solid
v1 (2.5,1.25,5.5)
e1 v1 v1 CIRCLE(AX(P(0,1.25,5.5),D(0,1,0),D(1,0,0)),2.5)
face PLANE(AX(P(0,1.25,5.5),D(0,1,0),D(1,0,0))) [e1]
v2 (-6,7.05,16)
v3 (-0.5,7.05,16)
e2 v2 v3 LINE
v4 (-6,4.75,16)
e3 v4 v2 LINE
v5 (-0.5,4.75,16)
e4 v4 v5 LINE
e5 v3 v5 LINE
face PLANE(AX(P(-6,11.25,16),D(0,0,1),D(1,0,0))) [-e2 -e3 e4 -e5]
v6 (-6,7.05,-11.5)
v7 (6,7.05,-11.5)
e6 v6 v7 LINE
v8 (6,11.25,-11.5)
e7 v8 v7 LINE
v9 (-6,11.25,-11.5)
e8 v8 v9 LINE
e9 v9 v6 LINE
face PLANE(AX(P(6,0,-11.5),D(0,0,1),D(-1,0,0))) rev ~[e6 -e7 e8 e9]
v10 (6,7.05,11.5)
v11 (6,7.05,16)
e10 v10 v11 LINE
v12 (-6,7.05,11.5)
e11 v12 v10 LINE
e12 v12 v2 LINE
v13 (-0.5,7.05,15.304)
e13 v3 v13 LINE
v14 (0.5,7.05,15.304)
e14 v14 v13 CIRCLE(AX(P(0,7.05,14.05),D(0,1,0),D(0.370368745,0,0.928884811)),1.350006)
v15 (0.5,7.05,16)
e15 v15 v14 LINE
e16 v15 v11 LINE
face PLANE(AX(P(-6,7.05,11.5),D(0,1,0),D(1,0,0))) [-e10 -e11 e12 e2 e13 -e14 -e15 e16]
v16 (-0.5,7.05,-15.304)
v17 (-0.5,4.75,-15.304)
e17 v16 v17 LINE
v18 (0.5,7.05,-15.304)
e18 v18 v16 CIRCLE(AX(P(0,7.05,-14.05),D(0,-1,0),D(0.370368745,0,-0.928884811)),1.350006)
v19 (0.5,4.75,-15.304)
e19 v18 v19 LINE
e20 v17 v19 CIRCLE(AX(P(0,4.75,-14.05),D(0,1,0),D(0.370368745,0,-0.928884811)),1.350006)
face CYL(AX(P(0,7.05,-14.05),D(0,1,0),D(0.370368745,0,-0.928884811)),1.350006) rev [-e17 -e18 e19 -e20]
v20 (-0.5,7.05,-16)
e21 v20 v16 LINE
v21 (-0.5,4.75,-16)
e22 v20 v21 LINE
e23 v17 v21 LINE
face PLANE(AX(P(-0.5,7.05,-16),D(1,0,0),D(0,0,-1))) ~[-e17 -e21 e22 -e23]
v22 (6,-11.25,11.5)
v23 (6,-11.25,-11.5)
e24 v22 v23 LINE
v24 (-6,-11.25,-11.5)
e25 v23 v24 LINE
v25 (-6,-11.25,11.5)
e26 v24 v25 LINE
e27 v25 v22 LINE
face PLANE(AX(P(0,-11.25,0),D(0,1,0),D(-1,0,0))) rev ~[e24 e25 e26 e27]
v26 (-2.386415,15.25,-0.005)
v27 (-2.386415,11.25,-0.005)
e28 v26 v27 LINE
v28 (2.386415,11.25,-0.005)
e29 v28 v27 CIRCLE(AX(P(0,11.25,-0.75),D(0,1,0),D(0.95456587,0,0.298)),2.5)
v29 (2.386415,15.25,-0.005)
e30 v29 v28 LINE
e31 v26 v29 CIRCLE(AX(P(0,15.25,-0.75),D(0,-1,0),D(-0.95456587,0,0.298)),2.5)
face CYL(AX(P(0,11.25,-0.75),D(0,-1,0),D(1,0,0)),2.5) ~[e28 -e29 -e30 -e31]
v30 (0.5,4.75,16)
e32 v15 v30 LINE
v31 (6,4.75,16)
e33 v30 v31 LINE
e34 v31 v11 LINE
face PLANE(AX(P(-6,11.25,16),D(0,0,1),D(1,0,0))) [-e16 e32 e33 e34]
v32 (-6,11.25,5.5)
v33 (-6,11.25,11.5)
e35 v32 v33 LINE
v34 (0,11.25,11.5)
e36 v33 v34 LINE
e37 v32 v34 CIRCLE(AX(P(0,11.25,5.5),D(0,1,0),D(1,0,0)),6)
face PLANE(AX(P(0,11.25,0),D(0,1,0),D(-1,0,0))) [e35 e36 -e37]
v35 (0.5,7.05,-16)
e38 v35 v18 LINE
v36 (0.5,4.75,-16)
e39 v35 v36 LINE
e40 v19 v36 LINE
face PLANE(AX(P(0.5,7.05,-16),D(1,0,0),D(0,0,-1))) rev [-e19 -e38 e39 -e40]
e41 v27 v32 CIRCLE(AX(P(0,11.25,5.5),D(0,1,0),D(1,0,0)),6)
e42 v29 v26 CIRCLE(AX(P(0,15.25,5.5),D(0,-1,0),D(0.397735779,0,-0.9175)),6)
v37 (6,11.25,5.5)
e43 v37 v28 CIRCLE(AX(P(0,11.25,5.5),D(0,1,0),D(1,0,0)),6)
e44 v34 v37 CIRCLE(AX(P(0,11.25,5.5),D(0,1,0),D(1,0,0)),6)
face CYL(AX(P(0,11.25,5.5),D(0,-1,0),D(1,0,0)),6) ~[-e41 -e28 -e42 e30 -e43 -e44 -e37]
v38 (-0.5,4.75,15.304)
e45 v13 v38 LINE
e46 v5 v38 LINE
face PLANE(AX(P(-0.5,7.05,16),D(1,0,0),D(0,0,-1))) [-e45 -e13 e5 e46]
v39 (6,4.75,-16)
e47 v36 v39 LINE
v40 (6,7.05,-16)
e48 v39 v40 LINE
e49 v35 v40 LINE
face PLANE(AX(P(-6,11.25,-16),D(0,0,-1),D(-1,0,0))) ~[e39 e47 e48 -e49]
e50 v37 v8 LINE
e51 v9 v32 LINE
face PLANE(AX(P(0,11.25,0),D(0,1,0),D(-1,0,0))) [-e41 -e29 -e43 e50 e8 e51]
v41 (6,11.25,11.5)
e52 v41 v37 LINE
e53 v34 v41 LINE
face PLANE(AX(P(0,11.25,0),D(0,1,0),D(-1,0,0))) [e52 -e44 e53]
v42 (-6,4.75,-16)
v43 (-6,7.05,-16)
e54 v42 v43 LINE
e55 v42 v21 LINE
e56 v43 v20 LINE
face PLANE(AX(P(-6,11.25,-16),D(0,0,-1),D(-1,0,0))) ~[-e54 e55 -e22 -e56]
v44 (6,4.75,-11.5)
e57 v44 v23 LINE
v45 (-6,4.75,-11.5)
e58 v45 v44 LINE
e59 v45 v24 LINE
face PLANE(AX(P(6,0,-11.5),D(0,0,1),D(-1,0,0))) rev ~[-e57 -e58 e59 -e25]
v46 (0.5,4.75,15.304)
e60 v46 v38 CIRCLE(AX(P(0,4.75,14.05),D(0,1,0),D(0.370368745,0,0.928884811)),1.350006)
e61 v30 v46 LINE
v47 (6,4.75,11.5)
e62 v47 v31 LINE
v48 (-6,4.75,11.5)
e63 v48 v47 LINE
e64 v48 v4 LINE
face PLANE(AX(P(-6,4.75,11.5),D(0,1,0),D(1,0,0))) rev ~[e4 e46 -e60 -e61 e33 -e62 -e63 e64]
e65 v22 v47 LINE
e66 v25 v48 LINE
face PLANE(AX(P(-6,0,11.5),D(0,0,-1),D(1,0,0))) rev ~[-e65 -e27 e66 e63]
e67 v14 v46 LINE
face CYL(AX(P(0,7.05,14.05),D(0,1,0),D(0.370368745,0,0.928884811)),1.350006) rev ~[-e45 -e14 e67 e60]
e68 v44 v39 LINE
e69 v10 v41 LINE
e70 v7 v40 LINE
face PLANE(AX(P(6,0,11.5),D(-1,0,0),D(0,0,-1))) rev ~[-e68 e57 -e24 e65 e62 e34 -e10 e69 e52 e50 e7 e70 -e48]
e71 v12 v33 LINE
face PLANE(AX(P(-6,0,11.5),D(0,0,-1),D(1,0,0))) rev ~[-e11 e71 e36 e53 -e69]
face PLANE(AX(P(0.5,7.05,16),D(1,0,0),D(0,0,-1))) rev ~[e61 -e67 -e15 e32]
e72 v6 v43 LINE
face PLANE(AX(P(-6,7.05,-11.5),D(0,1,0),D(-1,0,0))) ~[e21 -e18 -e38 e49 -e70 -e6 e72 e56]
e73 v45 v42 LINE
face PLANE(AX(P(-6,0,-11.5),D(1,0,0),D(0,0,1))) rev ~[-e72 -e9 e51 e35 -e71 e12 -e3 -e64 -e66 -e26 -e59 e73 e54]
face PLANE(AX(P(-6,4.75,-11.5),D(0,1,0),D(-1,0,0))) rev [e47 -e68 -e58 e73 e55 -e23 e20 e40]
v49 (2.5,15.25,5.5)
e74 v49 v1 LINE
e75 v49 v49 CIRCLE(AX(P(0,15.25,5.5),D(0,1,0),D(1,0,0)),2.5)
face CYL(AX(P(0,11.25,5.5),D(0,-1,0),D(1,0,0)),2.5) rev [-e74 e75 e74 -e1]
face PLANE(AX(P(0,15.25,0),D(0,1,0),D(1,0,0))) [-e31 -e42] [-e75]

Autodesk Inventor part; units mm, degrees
ref_plane "YZ Plane" through (0, 0, 0) normal (1, 0, 0) x (0, 1, 0)
ref_plane "XZ Plane" through (0, 0, 0) normal (0, 1, 0) x (-1, 0, 0)
ref_plane "XY Plane" through (0, 0, 0) normal (0, 0, 1) x (1, 0, 0)
sketch "Sketch1" plane through (0, 0, 0) normal (0, 1, 0) x (-1, 0, 0)
  line L0 (6, 11.5) -> (-6, 11.5)
  line L1 (-6, 11.5) -> (-6, -11.5)
  line L2 (-6, -11.5) -> (6, -11.5)
  line L3 (6, -11.5) -> (6, 11.5)
  line L4 (6, 11.5) -> (-6, -11.5) construction
  line L5 (-6, 11.5) -> (6, -11.5) construction
  point P0 (0, 0)
  dimension "d0" = 12
  dimension "d1" = 23
extrude "Extrusion1" add sketch "Sketch1" along normal mid plane 22.5
sketch "Sketch2" plane through (-6, 11.25, 11.5) normal (0, 0, 1) x (1, 0, 0)
  line L0 (12, -22.5) -> (0, -22.5) projected
  line L1 (0, -22.5) -> (0, 0) projected
  line L2 (0, -6.5) -> (12, -6.5)
  line L3 (12, -22.5) -> (12, 0) projected
  line L4 (0, -4.2) -> (12, -4.2)
  line L5 (0, -4.2) -> (0, -6.5)
  line L6 (12, -4.2) -> (12, -6.5)
  point P0 (6, -11.25)
  dimension "d4" = 16
  dimension "d5" = 2.3
extrude "Extrusion2" add sketch "Sketch2" along normal blind 4.5 contours L2 L1 L4 L3
mirror "Mirror1" about plane through (0, 0, 0) normal (0, 0, 1) of "Extrusion2"
sketch "Sketch3" plane through (-6, 7.05, 11.5) normal (0, 1, 0) x (1, 0, 0)
  arc A0 (6.5, -3.804) -> (5.5, -3.804) centre (6, -2.55) ccw
  line L0 (0, 0) -> (0, -4.5) projected
  line L1 (12, -4.5) -> (0, -4.5) construction
  line L2 (6, -2.55) -> (6, -4.5) construction
  line L3 (0, -4.5) -> (12, -4.5) construction
  line L4 (6, -2.55) -> (6, -1.2) construction
  line L5 (5.5, -4.5) -> (5.5, -3.804)
  line L6 (6.5, -4.5) -> (6.5, -3.804)
  line L7 (6.5, -4.5) -> (5.5, -4.5)
  point P0 (6, 11.5)
  point P1 (5.5, -2.8875)
  point P2 (6.5, -2.8875)
  dimension "d8" = 2.7
  dimension "d9" = 6
  dimension "d11" = 0.5
  dimension "d14" = 1.95
extrude "Extrusion3" cut sketch "Sketch3" against normal blind 4.5
mirror "Mirror2" about plane through (0, 0, 0) normal (0, 0, 1) of "Extrusion3"
sketch "Sketch4" plane through (0, 11.25, 0) normal (0, 1, 0) x (1, 0, 0)
  circle A0 centre (0, -5.5) radius 6
  line L0 (-6, 11.5) -> (-6, -11.5) projected
  line L1 (-6, -11.5) -> (6, -11.5) projected
  circle A1 centre (0, -5.5) radius 2.5
  point P0 (0, 0)
  dimension "d17" = 5
extrude "Extrusion4" add sketch "Sketch4" along normal blind 4 contours A0
sketch "Sketch5" plane through (0, 11.25, 0) normal (0, 1, 0) x (1, 0, 0)
  circle A0 centre (0, 0.75) radius 2.5
  circle A1 centre (0, -5.5) radius 2.5 projected
  point P0 (0, 0)
  dimension "d20" = 5
  dimension "d21" = 6.25
extrude "Extrusion5" add sketch "Sketch5" along normal blind 4 contours A0
sketch "Sketch6" plane through (0, 11.25, 5.5) normal (0, 1, 0) x (1, 0, 0)
  circle A0 centre (0, 0) radius 2.5 projected
  point P0 (0, 5.5)
extrude "Extrusion6" cut sketch "Sketch6" against normal blind 10
properties part number "Servo body"
